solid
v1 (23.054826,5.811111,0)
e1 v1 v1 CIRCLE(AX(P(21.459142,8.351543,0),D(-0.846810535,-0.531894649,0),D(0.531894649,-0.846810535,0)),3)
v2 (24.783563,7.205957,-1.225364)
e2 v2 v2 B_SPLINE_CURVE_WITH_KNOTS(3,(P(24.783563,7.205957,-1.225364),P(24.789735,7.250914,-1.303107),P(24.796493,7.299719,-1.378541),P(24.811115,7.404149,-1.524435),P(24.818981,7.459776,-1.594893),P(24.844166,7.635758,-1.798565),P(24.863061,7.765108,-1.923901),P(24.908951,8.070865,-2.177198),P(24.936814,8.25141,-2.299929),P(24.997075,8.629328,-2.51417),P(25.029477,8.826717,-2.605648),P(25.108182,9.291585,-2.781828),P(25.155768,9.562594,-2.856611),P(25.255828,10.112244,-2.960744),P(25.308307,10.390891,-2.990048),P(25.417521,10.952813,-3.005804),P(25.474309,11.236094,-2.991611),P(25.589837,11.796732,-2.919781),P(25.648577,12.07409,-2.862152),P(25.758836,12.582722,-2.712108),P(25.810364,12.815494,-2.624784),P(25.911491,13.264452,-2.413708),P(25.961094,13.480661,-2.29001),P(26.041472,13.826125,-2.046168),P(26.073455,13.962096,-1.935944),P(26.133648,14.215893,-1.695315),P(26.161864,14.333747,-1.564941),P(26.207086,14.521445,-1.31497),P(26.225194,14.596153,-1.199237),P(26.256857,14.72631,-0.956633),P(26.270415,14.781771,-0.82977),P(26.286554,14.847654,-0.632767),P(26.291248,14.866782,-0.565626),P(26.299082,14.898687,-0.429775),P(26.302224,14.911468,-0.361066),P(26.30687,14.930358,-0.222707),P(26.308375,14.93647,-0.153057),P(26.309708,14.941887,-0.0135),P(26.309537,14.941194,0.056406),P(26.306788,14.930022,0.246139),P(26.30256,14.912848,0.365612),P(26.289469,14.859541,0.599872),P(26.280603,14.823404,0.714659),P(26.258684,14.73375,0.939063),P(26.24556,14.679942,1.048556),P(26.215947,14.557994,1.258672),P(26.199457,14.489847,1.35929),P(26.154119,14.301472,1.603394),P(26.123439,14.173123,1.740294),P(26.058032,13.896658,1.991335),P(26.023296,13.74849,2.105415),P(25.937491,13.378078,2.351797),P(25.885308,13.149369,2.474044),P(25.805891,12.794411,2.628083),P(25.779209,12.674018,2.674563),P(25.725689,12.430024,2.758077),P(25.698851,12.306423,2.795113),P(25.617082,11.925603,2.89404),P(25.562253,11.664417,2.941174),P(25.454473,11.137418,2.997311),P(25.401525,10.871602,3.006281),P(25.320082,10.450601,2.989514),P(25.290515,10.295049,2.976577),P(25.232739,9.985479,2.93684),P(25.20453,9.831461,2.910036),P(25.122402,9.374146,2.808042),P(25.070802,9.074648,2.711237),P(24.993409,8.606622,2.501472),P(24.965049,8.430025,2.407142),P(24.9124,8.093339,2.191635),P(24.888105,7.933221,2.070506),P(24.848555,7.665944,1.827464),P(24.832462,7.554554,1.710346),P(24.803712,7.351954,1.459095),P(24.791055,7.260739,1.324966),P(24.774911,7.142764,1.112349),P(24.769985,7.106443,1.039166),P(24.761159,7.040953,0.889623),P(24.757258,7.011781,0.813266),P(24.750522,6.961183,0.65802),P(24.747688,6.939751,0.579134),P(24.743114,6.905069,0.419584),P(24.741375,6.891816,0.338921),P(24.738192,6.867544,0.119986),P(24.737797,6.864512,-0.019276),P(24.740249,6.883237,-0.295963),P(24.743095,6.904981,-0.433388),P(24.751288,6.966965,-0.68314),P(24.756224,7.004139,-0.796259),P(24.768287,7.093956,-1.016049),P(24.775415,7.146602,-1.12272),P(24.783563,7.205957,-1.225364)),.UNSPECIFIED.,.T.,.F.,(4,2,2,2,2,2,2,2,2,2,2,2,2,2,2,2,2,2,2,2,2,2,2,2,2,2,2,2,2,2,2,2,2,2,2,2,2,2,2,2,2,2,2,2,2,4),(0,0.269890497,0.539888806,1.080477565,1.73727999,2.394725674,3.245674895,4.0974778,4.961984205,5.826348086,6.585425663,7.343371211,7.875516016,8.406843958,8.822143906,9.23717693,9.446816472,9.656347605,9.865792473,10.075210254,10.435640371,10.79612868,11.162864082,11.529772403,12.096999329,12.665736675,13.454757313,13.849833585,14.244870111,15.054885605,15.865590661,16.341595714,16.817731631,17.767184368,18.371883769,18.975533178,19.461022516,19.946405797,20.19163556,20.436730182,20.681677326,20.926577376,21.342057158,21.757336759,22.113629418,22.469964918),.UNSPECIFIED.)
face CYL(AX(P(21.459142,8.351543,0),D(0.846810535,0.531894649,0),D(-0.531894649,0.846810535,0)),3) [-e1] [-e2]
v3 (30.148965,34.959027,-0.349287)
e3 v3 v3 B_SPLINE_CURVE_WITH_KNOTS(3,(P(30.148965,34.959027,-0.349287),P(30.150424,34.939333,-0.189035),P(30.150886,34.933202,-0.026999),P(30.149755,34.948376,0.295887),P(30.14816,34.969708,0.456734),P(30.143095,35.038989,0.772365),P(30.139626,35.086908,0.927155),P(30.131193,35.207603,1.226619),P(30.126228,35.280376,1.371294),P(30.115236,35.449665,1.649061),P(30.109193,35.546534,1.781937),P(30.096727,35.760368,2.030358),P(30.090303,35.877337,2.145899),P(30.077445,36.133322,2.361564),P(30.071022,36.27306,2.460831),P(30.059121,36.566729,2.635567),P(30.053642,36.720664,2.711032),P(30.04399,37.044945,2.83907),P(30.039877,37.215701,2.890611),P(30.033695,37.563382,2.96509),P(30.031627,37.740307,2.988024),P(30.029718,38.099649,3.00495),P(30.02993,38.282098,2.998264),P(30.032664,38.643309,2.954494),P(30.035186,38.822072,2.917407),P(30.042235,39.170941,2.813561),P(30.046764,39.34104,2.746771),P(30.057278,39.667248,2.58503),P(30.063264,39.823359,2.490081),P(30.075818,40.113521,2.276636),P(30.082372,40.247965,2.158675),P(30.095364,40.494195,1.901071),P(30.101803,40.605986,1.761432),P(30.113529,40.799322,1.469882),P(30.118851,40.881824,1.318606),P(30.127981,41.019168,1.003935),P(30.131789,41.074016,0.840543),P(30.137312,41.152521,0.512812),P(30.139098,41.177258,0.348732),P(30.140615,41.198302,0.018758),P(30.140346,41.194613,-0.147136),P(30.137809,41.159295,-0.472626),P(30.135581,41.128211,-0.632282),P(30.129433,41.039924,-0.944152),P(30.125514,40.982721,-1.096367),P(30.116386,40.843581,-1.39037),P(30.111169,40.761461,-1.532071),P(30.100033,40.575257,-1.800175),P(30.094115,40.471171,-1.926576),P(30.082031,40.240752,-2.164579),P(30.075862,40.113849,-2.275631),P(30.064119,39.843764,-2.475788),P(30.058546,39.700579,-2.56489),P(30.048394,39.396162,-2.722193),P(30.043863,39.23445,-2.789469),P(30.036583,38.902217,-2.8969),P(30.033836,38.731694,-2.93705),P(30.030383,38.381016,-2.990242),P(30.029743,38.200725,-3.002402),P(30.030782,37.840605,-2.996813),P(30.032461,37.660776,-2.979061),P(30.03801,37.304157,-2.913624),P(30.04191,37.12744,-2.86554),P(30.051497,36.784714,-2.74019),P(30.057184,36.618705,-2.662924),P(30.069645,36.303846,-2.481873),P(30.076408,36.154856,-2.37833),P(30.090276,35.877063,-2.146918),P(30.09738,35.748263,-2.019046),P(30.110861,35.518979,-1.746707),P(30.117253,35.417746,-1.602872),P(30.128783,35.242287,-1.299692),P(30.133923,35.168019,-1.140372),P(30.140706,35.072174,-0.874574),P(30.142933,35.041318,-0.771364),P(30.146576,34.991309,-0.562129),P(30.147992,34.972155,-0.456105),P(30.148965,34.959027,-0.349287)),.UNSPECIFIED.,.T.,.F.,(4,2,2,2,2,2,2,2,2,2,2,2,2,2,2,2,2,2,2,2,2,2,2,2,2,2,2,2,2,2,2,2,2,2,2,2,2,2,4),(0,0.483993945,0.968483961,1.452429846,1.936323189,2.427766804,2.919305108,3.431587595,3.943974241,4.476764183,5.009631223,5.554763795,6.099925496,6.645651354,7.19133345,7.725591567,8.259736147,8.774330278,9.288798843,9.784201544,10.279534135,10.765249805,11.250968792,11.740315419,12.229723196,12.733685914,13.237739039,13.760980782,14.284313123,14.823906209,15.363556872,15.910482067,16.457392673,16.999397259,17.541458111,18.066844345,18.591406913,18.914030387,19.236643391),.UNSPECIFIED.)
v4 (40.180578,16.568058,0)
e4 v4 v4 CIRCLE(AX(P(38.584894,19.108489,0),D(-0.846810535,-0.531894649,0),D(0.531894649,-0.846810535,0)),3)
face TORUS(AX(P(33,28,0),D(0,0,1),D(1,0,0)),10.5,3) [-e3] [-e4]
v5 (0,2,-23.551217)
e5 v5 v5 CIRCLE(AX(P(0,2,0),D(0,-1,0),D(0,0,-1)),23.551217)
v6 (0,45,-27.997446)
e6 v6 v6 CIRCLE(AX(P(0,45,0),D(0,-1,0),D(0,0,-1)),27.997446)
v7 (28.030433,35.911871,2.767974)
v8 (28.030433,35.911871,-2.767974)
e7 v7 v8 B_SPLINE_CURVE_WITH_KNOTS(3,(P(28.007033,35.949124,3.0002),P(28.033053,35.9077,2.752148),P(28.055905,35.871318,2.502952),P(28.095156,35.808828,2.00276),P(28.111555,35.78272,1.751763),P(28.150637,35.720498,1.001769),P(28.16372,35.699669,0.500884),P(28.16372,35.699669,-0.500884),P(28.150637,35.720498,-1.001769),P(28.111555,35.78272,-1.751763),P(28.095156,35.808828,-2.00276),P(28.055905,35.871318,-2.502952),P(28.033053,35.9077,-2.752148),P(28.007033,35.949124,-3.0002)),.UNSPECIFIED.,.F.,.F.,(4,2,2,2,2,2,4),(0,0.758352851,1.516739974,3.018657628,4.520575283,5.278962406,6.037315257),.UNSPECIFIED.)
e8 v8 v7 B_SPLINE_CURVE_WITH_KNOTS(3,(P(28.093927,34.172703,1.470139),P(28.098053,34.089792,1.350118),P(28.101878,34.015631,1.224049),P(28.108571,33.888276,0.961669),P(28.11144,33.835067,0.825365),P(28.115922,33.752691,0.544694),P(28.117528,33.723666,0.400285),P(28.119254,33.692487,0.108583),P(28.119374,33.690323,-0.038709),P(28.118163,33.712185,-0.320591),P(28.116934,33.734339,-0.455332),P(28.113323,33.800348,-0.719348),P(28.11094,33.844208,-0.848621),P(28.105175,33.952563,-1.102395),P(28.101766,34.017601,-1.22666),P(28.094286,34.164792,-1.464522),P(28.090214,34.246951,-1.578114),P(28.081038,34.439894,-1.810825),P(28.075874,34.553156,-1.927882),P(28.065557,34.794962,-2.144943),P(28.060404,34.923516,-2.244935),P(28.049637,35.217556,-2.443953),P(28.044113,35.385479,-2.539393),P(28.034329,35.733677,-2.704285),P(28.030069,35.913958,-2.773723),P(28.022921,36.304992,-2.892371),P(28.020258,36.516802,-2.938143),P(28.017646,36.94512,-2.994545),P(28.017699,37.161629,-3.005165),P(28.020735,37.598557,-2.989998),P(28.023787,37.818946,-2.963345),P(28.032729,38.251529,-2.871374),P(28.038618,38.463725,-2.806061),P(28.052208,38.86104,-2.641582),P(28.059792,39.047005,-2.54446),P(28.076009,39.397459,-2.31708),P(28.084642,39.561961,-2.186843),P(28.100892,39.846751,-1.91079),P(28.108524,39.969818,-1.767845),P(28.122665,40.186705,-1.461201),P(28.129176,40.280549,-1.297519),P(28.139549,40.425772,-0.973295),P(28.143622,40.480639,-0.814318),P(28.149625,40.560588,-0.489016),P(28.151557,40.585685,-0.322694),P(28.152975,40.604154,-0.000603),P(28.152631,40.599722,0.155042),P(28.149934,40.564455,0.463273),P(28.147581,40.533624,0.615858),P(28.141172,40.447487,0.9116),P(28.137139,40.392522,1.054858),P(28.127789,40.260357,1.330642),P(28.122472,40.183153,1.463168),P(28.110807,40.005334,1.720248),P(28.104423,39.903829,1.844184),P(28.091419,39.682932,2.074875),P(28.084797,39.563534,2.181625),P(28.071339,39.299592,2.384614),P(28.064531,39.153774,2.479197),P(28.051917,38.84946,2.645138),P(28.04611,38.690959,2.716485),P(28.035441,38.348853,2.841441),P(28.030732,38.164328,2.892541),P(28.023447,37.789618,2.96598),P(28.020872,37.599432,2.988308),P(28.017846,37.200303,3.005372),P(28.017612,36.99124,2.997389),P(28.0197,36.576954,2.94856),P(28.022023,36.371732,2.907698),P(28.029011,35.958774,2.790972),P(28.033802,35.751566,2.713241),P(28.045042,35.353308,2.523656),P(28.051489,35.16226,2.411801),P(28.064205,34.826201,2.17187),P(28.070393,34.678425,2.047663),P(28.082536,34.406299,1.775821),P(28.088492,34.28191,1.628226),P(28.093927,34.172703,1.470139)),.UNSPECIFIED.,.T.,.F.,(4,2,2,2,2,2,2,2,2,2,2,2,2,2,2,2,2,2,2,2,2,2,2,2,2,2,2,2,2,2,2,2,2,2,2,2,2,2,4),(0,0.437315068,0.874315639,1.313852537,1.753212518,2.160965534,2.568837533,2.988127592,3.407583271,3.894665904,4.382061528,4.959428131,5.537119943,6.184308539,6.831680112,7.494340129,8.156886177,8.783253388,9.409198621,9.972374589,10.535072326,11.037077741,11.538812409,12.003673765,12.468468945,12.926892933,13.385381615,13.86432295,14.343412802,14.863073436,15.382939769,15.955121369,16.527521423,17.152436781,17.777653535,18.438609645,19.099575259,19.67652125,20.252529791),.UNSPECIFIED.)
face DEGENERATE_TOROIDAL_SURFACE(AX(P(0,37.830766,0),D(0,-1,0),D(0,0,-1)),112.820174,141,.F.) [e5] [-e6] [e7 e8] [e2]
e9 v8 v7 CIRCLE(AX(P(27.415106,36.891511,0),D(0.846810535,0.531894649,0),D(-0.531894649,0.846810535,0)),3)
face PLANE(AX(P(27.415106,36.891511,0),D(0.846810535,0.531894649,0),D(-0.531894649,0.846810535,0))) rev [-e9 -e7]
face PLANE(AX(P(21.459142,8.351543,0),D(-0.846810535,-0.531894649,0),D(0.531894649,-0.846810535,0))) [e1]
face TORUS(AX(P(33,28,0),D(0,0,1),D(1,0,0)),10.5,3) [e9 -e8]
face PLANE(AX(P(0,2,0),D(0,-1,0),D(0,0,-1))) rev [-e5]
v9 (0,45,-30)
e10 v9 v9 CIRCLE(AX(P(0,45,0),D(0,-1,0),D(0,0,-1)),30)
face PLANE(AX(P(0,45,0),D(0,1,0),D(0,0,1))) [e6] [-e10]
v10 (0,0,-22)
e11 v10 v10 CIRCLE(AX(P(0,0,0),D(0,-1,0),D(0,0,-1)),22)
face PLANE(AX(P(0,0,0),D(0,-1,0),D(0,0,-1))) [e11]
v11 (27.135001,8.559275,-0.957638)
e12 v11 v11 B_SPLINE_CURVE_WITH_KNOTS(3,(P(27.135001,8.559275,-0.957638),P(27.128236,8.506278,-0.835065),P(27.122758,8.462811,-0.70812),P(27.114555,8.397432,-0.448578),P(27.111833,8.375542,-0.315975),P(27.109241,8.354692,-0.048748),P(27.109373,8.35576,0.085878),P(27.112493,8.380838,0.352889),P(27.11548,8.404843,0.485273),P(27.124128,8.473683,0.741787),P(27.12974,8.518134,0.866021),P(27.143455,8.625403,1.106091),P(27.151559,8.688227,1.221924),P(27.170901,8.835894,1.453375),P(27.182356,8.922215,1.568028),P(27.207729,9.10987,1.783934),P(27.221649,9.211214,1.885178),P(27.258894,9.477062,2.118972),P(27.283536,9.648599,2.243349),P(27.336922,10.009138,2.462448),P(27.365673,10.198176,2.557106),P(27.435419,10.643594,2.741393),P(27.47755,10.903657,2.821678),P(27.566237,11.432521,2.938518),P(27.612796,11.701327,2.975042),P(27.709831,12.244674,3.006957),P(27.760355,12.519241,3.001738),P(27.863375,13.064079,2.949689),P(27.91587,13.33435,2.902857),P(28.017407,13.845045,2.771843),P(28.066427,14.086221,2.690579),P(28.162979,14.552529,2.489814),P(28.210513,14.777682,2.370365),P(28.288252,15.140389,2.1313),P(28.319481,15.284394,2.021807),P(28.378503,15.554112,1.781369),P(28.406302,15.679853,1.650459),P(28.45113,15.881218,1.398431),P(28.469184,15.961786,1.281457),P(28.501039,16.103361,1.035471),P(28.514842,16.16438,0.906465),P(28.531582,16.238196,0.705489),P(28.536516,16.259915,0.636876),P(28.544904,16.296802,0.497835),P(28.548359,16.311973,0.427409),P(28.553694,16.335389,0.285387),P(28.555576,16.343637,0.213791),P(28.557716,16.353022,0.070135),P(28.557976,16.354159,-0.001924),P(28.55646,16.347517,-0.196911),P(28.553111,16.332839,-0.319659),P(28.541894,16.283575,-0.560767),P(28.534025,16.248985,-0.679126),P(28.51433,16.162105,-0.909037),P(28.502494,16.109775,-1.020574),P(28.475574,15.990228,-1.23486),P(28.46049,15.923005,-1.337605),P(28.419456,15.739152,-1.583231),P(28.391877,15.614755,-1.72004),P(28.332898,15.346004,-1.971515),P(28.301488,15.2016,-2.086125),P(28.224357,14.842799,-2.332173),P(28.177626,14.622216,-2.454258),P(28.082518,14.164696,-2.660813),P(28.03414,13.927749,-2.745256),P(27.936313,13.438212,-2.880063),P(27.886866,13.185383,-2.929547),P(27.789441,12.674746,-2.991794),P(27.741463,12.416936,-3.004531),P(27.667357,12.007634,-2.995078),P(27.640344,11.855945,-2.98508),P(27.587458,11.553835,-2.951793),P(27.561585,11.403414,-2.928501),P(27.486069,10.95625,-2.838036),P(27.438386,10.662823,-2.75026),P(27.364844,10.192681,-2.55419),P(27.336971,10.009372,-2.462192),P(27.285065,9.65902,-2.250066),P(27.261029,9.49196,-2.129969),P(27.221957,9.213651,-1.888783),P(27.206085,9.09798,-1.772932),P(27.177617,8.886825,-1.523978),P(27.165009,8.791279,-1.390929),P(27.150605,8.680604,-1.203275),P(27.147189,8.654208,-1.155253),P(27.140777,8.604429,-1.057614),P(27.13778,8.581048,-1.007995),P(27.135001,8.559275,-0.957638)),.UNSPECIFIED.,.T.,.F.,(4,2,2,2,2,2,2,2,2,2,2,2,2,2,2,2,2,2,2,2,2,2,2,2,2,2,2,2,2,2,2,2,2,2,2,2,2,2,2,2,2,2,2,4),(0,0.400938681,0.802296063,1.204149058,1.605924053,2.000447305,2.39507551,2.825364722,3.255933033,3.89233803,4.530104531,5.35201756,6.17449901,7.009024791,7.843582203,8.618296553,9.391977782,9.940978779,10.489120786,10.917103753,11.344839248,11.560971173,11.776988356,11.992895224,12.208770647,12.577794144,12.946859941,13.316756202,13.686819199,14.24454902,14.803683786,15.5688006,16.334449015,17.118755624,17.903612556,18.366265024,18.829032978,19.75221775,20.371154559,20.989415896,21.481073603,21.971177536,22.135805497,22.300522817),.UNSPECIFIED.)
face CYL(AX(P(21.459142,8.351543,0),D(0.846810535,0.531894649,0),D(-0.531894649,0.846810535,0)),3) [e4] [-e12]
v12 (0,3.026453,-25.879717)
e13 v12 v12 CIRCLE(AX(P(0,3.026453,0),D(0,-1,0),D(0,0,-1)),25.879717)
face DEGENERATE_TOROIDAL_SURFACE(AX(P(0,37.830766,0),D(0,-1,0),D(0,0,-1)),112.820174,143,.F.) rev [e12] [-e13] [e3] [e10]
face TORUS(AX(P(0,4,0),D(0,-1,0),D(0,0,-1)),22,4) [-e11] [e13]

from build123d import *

# Parameters (mm, degrees)
SWEEP_3_PROFILE_R = 3


with BuildPart() as part:
    # 草图1 → 旋转4 (revolve)
    with BuildSketch(Plane.XY, mode=Mode.PRIVATE) as revolve_4_sk:
        with BuildLine():
            ThreePointArc((-25.879717235, 3.026452787), (-24.855827259, 1.199241055), (-23.048895616, 0.139971763))
            ThreePointArc((-23.048895616, 0.139971763), (-23.303233286, 1.069127889), (-23.551216897, 2))
            ThreePointArc((-23.551216897, 2), (-27.43205215, 23.328590557), (-27.997445995, 45))
            Line((-27.997445995, 45), (-30, 45))
            ThreePointArc((-30, 45), (-29.495782411, 23.860491006), (-25.879717235, 3.026452787))
        make_face()
        with BuildLine():
            Line((-22, 0), (0, 0))
            Line((0, 0), (0, 2))
            Line((0, 2), (-23.551216897, 2))
            ThreePointArc((-23.551216897, 2), (-23.303233286, 1.069127889), (-23.048895616, 0.139971763))
            ThreePointArc((-23.048895616, 0.139971763), (-22.529096897, 0.035147358), (-22, 0))
        make_face()
    revolve(revolve_4_sk.sketch.rotate(Axis((0, 0, 0), (0, 1, 0)), 270), axis=Axis((0, 0, 0), (0, 1, 0)))

    # 扫描3: sweep along a path in 草图2
    with BuildLine(Plane.XY) as sweep_3_path:
        Line((21.459141903, 8.351542668), (38.584893815, 19.108489381))
        ThreePointArc((38.584893815, 19.108489381), (41.891510619, 33.584893815), (27.415106185, 36.891510619))
    # 扫描3 profile (on start of the path) → 扫描3 (sweep)
    with BuildSketch(Plane(origin=(21.459141903, 8.351542668, 0), x_dir=(-0.5318946490098594, 0.8468105350990142, 0), z_dir=(0.8468105350990142, 0.5318946490098594, 0))):
        Circle(SWEEP_3_PROFILE_R)
    sweep(path=sweep_3_path.line)


solid = part.part
